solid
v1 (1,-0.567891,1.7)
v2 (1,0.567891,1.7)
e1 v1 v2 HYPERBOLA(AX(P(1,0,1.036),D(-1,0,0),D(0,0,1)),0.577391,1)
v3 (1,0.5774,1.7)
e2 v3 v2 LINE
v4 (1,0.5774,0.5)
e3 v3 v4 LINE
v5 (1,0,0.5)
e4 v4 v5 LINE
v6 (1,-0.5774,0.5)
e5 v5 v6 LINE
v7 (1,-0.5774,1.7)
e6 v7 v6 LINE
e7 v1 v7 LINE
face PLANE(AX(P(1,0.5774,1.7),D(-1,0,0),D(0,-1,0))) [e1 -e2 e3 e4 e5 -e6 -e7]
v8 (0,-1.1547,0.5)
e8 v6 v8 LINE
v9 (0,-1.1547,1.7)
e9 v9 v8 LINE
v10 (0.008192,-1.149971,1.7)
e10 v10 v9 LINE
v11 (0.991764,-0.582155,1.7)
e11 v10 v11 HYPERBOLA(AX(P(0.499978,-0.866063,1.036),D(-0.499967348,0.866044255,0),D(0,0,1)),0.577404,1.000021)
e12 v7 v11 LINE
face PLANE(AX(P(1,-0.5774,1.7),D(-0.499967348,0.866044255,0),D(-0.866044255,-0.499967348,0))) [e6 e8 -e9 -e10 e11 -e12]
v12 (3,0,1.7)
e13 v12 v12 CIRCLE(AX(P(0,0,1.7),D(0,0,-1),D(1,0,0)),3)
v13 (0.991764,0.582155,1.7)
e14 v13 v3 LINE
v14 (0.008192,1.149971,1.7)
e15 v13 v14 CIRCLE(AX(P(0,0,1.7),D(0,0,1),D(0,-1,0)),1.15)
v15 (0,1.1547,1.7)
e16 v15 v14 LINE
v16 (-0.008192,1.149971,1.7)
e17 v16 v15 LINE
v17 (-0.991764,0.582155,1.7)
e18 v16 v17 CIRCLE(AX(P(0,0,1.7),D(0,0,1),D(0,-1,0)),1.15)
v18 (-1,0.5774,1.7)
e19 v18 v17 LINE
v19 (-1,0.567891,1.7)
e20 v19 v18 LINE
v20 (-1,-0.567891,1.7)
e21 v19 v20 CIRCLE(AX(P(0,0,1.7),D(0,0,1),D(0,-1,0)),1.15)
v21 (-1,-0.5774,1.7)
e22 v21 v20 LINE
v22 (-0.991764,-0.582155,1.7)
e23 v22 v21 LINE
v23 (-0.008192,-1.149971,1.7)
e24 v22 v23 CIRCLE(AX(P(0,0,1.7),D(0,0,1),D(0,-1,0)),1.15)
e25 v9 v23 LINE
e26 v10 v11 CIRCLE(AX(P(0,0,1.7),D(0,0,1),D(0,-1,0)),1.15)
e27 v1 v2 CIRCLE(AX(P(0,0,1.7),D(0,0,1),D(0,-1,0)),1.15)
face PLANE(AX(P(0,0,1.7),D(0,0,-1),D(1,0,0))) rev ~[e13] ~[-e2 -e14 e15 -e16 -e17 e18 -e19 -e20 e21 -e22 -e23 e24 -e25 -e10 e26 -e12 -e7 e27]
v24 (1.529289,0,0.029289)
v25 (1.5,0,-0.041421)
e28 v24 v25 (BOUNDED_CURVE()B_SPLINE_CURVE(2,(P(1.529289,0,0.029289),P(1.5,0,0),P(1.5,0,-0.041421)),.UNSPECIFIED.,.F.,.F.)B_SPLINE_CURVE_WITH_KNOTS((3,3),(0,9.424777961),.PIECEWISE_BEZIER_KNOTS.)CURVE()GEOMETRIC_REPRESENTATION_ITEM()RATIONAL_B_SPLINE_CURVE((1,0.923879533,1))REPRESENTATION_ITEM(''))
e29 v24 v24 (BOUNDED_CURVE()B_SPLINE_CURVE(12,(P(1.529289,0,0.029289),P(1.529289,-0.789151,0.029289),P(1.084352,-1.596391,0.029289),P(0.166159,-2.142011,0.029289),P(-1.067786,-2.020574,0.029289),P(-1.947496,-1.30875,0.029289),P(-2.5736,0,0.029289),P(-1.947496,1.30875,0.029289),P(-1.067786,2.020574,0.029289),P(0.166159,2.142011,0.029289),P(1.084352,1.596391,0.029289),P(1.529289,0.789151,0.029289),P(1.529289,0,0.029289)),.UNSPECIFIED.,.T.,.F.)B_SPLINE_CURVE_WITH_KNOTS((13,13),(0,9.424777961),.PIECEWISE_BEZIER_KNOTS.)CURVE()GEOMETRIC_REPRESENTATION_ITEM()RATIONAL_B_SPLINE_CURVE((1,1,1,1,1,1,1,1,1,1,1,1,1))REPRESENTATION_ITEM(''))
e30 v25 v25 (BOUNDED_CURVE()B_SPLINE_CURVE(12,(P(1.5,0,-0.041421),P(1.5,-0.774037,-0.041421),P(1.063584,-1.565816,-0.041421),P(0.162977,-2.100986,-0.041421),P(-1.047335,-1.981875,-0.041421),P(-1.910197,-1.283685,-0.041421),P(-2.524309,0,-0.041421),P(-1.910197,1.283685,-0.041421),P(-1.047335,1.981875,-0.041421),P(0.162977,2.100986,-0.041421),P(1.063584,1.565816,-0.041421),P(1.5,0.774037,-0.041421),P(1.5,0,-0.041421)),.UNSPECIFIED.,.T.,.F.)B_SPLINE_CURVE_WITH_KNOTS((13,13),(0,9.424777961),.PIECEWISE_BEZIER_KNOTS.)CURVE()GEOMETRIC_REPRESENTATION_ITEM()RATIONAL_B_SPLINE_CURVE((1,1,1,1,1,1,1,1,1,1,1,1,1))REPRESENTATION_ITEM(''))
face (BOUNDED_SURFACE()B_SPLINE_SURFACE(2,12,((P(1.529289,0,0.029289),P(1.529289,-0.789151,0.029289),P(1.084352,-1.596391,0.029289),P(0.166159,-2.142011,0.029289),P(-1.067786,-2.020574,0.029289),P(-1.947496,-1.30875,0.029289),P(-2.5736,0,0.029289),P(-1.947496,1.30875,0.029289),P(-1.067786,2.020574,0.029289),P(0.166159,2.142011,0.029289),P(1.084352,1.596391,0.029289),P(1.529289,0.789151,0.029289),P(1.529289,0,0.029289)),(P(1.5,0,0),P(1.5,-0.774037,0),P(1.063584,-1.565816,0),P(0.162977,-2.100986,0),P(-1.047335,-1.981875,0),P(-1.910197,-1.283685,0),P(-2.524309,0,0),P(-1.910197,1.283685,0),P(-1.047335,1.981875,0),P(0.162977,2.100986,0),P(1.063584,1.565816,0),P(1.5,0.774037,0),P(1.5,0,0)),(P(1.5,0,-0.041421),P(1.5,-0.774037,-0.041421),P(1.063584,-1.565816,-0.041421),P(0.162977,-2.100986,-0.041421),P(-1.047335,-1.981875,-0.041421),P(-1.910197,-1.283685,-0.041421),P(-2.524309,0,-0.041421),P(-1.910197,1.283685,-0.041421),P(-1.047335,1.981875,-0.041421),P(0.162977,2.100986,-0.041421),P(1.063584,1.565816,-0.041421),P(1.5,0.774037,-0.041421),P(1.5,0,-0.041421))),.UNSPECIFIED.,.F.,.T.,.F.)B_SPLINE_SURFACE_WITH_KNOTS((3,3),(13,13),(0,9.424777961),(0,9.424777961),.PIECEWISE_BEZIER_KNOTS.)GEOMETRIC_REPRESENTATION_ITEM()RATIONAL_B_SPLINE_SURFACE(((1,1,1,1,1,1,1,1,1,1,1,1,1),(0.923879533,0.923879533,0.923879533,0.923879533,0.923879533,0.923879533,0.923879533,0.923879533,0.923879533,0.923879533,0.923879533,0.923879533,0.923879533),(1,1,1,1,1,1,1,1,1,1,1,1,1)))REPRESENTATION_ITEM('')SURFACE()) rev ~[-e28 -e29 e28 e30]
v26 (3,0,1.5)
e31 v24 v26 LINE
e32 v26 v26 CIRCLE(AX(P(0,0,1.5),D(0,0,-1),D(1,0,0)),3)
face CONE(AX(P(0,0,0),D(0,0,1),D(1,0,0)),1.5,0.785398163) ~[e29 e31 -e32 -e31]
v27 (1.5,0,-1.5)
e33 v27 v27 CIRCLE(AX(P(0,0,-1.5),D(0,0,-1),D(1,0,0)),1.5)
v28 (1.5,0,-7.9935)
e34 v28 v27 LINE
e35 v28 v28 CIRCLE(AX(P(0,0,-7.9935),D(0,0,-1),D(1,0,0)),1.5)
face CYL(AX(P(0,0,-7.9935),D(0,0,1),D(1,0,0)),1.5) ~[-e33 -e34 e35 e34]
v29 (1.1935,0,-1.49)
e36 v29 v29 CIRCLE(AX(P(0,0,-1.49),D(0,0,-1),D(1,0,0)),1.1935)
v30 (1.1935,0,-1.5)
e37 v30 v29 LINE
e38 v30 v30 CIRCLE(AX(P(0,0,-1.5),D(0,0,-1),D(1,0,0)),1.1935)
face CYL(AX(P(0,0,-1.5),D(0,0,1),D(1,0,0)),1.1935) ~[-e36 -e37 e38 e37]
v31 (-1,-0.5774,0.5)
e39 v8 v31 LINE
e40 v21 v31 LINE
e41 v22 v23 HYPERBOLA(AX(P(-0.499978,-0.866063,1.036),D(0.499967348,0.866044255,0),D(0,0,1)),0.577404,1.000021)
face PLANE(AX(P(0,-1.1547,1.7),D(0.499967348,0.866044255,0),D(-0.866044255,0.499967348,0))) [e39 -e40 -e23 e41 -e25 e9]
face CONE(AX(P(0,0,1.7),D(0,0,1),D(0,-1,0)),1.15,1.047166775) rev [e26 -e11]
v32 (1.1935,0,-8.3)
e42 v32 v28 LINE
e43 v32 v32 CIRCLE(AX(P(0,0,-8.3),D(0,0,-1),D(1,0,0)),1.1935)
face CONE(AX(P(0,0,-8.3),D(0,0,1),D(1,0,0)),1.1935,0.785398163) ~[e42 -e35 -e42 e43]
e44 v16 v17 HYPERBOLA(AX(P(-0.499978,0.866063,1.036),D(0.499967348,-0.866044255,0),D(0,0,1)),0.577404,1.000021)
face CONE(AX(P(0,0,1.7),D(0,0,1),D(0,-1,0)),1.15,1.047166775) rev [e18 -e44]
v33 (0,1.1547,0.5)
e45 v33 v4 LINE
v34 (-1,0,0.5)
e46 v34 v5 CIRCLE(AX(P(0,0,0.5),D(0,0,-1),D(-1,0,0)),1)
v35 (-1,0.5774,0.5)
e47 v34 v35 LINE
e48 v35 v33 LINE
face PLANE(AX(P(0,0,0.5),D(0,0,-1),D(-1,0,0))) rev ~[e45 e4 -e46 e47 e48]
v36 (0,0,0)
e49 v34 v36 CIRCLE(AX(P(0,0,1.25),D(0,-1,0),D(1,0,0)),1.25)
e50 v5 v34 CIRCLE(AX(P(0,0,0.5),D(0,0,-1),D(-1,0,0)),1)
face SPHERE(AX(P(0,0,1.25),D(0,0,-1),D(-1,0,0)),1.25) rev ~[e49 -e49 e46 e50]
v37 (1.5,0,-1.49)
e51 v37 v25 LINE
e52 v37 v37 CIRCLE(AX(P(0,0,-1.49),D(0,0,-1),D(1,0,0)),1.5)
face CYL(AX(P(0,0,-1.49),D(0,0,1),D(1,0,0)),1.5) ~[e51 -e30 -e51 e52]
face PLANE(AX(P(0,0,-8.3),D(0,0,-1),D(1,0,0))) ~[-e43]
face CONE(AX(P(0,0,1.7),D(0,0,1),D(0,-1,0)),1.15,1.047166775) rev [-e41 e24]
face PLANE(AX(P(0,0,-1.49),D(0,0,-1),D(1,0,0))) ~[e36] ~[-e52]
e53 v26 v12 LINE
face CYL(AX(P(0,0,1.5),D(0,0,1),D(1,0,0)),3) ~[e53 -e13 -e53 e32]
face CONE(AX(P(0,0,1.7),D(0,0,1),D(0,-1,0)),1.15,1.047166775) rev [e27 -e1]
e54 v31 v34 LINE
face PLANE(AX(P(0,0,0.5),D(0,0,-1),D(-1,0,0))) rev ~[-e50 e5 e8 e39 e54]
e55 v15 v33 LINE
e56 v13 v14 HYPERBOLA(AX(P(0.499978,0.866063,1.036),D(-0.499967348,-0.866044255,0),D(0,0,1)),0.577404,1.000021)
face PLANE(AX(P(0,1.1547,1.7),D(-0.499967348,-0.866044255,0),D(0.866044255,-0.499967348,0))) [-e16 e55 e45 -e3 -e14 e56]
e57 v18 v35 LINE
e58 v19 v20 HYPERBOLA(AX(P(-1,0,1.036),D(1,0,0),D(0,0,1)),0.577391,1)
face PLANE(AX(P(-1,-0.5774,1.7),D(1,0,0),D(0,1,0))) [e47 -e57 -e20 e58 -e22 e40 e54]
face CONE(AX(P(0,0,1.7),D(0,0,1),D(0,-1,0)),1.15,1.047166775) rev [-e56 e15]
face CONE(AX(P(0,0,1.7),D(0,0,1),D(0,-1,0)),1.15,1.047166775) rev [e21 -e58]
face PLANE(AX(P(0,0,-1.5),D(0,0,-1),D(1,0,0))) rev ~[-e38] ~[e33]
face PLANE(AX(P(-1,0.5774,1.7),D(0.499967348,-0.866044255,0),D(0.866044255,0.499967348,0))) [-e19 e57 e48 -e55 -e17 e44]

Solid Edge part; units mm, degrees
sketch "Sketch1" plane through (0, 0, 0) normal (0, -1, 0) x (1, 0, 0)
  line L0 (1.5, 0) -> (3, 1.5)
  line L1 (3, 1.5) -> (3, 1.7)
  line L2 (3, 1.7) -> (0, 1.7)
  line L3 (0, 1.7) -> (0, -8.3)
  line L4 (0, -8.3) -> (1.1935, -8.3)
  line L5 (1.1935, -8.3) -> (1.5, -7.9935)
  line L6 (1.5, -7.9935) -> (1.5, -1.5)
  line L7 (1.5, -1.5) -> (1.1935, -1.5)
  line L8 (1.1935, -1.5) -> (1.1935, -1.49)
  line L9 (1.1935, -1.49) -> (1.5, -1.49)
  line L10 (1.5, -1.49) -> (1.5, 0)
  dimension "D1" = 10
  dimension "D2" = 3
  dimension "D3" = 1.7
  dimension "D4" = 0.01
  dimension "D5" = 1.1935
  dimension "D6" = 3.2
  dimension "D7" = 0.2
revolve "RevolvedProtrusion1" add sketch "Sketch1" angle 360 about axis through (0, 0, 54) along (0, 0, -1)
sketch "Sketch2" plane through (0, 0, 0) normal (0, -1, 0) x (1, 0, 0)
  arc A0 (-1, 0.5) -> (0, 0) centre (0, 1.25) ccw
  line L0 (0, 0.5) -> (0, 0)
  line L1 (-1, 0.5) -> (0, 0.5)
  dimension "D1" = 8.8
revolve "RevolvedCutout1" cut sketch "Sketch2" angle 360 about axis through (0, 0, 54) along (0, 0, -1)
sketch "Sketch3" plane through (0, 0, 1.7) normal (0, 0, 1) x (0, -1, 0)
  line L0 (-1.1547, 0) -> (-0.5774, 1)
  line L1 (-0.5774, 1) -> (0.5774, 1)
  line L2 (0.5774, 1) -> (1.1547, 0)
  line L3 (1.1547, 0) -> (0.5774, -1)
  line L4 (0.5774, -1) -> (-0.5774, -1)
  line L5 (-0.5774, -1) -> (-1.1547, 0)
  dimension "D1" = 2
extrude "Cutout1" cut sketch "Sketch3" against normal blind 1.2
cosmetic_thread "Thread1" size "M3"
sketch "Sketch4" plane through (0, 0, 0) normal (1, 0, 0) x (0, 1, 0)
  line L0 (-1.15, 1.7) -> (0, 1.036)
revolve "RevolvedCutout2" cut sketch "Sketch4" angle 360 about axis through (0, 0, -57) along (0, 0, 1) material side at (0, -0.55, 1.4113)
fillet "Round1" radius 0.1 1 edges at (-1.5, 0, 0)
properties material "Stahl"
